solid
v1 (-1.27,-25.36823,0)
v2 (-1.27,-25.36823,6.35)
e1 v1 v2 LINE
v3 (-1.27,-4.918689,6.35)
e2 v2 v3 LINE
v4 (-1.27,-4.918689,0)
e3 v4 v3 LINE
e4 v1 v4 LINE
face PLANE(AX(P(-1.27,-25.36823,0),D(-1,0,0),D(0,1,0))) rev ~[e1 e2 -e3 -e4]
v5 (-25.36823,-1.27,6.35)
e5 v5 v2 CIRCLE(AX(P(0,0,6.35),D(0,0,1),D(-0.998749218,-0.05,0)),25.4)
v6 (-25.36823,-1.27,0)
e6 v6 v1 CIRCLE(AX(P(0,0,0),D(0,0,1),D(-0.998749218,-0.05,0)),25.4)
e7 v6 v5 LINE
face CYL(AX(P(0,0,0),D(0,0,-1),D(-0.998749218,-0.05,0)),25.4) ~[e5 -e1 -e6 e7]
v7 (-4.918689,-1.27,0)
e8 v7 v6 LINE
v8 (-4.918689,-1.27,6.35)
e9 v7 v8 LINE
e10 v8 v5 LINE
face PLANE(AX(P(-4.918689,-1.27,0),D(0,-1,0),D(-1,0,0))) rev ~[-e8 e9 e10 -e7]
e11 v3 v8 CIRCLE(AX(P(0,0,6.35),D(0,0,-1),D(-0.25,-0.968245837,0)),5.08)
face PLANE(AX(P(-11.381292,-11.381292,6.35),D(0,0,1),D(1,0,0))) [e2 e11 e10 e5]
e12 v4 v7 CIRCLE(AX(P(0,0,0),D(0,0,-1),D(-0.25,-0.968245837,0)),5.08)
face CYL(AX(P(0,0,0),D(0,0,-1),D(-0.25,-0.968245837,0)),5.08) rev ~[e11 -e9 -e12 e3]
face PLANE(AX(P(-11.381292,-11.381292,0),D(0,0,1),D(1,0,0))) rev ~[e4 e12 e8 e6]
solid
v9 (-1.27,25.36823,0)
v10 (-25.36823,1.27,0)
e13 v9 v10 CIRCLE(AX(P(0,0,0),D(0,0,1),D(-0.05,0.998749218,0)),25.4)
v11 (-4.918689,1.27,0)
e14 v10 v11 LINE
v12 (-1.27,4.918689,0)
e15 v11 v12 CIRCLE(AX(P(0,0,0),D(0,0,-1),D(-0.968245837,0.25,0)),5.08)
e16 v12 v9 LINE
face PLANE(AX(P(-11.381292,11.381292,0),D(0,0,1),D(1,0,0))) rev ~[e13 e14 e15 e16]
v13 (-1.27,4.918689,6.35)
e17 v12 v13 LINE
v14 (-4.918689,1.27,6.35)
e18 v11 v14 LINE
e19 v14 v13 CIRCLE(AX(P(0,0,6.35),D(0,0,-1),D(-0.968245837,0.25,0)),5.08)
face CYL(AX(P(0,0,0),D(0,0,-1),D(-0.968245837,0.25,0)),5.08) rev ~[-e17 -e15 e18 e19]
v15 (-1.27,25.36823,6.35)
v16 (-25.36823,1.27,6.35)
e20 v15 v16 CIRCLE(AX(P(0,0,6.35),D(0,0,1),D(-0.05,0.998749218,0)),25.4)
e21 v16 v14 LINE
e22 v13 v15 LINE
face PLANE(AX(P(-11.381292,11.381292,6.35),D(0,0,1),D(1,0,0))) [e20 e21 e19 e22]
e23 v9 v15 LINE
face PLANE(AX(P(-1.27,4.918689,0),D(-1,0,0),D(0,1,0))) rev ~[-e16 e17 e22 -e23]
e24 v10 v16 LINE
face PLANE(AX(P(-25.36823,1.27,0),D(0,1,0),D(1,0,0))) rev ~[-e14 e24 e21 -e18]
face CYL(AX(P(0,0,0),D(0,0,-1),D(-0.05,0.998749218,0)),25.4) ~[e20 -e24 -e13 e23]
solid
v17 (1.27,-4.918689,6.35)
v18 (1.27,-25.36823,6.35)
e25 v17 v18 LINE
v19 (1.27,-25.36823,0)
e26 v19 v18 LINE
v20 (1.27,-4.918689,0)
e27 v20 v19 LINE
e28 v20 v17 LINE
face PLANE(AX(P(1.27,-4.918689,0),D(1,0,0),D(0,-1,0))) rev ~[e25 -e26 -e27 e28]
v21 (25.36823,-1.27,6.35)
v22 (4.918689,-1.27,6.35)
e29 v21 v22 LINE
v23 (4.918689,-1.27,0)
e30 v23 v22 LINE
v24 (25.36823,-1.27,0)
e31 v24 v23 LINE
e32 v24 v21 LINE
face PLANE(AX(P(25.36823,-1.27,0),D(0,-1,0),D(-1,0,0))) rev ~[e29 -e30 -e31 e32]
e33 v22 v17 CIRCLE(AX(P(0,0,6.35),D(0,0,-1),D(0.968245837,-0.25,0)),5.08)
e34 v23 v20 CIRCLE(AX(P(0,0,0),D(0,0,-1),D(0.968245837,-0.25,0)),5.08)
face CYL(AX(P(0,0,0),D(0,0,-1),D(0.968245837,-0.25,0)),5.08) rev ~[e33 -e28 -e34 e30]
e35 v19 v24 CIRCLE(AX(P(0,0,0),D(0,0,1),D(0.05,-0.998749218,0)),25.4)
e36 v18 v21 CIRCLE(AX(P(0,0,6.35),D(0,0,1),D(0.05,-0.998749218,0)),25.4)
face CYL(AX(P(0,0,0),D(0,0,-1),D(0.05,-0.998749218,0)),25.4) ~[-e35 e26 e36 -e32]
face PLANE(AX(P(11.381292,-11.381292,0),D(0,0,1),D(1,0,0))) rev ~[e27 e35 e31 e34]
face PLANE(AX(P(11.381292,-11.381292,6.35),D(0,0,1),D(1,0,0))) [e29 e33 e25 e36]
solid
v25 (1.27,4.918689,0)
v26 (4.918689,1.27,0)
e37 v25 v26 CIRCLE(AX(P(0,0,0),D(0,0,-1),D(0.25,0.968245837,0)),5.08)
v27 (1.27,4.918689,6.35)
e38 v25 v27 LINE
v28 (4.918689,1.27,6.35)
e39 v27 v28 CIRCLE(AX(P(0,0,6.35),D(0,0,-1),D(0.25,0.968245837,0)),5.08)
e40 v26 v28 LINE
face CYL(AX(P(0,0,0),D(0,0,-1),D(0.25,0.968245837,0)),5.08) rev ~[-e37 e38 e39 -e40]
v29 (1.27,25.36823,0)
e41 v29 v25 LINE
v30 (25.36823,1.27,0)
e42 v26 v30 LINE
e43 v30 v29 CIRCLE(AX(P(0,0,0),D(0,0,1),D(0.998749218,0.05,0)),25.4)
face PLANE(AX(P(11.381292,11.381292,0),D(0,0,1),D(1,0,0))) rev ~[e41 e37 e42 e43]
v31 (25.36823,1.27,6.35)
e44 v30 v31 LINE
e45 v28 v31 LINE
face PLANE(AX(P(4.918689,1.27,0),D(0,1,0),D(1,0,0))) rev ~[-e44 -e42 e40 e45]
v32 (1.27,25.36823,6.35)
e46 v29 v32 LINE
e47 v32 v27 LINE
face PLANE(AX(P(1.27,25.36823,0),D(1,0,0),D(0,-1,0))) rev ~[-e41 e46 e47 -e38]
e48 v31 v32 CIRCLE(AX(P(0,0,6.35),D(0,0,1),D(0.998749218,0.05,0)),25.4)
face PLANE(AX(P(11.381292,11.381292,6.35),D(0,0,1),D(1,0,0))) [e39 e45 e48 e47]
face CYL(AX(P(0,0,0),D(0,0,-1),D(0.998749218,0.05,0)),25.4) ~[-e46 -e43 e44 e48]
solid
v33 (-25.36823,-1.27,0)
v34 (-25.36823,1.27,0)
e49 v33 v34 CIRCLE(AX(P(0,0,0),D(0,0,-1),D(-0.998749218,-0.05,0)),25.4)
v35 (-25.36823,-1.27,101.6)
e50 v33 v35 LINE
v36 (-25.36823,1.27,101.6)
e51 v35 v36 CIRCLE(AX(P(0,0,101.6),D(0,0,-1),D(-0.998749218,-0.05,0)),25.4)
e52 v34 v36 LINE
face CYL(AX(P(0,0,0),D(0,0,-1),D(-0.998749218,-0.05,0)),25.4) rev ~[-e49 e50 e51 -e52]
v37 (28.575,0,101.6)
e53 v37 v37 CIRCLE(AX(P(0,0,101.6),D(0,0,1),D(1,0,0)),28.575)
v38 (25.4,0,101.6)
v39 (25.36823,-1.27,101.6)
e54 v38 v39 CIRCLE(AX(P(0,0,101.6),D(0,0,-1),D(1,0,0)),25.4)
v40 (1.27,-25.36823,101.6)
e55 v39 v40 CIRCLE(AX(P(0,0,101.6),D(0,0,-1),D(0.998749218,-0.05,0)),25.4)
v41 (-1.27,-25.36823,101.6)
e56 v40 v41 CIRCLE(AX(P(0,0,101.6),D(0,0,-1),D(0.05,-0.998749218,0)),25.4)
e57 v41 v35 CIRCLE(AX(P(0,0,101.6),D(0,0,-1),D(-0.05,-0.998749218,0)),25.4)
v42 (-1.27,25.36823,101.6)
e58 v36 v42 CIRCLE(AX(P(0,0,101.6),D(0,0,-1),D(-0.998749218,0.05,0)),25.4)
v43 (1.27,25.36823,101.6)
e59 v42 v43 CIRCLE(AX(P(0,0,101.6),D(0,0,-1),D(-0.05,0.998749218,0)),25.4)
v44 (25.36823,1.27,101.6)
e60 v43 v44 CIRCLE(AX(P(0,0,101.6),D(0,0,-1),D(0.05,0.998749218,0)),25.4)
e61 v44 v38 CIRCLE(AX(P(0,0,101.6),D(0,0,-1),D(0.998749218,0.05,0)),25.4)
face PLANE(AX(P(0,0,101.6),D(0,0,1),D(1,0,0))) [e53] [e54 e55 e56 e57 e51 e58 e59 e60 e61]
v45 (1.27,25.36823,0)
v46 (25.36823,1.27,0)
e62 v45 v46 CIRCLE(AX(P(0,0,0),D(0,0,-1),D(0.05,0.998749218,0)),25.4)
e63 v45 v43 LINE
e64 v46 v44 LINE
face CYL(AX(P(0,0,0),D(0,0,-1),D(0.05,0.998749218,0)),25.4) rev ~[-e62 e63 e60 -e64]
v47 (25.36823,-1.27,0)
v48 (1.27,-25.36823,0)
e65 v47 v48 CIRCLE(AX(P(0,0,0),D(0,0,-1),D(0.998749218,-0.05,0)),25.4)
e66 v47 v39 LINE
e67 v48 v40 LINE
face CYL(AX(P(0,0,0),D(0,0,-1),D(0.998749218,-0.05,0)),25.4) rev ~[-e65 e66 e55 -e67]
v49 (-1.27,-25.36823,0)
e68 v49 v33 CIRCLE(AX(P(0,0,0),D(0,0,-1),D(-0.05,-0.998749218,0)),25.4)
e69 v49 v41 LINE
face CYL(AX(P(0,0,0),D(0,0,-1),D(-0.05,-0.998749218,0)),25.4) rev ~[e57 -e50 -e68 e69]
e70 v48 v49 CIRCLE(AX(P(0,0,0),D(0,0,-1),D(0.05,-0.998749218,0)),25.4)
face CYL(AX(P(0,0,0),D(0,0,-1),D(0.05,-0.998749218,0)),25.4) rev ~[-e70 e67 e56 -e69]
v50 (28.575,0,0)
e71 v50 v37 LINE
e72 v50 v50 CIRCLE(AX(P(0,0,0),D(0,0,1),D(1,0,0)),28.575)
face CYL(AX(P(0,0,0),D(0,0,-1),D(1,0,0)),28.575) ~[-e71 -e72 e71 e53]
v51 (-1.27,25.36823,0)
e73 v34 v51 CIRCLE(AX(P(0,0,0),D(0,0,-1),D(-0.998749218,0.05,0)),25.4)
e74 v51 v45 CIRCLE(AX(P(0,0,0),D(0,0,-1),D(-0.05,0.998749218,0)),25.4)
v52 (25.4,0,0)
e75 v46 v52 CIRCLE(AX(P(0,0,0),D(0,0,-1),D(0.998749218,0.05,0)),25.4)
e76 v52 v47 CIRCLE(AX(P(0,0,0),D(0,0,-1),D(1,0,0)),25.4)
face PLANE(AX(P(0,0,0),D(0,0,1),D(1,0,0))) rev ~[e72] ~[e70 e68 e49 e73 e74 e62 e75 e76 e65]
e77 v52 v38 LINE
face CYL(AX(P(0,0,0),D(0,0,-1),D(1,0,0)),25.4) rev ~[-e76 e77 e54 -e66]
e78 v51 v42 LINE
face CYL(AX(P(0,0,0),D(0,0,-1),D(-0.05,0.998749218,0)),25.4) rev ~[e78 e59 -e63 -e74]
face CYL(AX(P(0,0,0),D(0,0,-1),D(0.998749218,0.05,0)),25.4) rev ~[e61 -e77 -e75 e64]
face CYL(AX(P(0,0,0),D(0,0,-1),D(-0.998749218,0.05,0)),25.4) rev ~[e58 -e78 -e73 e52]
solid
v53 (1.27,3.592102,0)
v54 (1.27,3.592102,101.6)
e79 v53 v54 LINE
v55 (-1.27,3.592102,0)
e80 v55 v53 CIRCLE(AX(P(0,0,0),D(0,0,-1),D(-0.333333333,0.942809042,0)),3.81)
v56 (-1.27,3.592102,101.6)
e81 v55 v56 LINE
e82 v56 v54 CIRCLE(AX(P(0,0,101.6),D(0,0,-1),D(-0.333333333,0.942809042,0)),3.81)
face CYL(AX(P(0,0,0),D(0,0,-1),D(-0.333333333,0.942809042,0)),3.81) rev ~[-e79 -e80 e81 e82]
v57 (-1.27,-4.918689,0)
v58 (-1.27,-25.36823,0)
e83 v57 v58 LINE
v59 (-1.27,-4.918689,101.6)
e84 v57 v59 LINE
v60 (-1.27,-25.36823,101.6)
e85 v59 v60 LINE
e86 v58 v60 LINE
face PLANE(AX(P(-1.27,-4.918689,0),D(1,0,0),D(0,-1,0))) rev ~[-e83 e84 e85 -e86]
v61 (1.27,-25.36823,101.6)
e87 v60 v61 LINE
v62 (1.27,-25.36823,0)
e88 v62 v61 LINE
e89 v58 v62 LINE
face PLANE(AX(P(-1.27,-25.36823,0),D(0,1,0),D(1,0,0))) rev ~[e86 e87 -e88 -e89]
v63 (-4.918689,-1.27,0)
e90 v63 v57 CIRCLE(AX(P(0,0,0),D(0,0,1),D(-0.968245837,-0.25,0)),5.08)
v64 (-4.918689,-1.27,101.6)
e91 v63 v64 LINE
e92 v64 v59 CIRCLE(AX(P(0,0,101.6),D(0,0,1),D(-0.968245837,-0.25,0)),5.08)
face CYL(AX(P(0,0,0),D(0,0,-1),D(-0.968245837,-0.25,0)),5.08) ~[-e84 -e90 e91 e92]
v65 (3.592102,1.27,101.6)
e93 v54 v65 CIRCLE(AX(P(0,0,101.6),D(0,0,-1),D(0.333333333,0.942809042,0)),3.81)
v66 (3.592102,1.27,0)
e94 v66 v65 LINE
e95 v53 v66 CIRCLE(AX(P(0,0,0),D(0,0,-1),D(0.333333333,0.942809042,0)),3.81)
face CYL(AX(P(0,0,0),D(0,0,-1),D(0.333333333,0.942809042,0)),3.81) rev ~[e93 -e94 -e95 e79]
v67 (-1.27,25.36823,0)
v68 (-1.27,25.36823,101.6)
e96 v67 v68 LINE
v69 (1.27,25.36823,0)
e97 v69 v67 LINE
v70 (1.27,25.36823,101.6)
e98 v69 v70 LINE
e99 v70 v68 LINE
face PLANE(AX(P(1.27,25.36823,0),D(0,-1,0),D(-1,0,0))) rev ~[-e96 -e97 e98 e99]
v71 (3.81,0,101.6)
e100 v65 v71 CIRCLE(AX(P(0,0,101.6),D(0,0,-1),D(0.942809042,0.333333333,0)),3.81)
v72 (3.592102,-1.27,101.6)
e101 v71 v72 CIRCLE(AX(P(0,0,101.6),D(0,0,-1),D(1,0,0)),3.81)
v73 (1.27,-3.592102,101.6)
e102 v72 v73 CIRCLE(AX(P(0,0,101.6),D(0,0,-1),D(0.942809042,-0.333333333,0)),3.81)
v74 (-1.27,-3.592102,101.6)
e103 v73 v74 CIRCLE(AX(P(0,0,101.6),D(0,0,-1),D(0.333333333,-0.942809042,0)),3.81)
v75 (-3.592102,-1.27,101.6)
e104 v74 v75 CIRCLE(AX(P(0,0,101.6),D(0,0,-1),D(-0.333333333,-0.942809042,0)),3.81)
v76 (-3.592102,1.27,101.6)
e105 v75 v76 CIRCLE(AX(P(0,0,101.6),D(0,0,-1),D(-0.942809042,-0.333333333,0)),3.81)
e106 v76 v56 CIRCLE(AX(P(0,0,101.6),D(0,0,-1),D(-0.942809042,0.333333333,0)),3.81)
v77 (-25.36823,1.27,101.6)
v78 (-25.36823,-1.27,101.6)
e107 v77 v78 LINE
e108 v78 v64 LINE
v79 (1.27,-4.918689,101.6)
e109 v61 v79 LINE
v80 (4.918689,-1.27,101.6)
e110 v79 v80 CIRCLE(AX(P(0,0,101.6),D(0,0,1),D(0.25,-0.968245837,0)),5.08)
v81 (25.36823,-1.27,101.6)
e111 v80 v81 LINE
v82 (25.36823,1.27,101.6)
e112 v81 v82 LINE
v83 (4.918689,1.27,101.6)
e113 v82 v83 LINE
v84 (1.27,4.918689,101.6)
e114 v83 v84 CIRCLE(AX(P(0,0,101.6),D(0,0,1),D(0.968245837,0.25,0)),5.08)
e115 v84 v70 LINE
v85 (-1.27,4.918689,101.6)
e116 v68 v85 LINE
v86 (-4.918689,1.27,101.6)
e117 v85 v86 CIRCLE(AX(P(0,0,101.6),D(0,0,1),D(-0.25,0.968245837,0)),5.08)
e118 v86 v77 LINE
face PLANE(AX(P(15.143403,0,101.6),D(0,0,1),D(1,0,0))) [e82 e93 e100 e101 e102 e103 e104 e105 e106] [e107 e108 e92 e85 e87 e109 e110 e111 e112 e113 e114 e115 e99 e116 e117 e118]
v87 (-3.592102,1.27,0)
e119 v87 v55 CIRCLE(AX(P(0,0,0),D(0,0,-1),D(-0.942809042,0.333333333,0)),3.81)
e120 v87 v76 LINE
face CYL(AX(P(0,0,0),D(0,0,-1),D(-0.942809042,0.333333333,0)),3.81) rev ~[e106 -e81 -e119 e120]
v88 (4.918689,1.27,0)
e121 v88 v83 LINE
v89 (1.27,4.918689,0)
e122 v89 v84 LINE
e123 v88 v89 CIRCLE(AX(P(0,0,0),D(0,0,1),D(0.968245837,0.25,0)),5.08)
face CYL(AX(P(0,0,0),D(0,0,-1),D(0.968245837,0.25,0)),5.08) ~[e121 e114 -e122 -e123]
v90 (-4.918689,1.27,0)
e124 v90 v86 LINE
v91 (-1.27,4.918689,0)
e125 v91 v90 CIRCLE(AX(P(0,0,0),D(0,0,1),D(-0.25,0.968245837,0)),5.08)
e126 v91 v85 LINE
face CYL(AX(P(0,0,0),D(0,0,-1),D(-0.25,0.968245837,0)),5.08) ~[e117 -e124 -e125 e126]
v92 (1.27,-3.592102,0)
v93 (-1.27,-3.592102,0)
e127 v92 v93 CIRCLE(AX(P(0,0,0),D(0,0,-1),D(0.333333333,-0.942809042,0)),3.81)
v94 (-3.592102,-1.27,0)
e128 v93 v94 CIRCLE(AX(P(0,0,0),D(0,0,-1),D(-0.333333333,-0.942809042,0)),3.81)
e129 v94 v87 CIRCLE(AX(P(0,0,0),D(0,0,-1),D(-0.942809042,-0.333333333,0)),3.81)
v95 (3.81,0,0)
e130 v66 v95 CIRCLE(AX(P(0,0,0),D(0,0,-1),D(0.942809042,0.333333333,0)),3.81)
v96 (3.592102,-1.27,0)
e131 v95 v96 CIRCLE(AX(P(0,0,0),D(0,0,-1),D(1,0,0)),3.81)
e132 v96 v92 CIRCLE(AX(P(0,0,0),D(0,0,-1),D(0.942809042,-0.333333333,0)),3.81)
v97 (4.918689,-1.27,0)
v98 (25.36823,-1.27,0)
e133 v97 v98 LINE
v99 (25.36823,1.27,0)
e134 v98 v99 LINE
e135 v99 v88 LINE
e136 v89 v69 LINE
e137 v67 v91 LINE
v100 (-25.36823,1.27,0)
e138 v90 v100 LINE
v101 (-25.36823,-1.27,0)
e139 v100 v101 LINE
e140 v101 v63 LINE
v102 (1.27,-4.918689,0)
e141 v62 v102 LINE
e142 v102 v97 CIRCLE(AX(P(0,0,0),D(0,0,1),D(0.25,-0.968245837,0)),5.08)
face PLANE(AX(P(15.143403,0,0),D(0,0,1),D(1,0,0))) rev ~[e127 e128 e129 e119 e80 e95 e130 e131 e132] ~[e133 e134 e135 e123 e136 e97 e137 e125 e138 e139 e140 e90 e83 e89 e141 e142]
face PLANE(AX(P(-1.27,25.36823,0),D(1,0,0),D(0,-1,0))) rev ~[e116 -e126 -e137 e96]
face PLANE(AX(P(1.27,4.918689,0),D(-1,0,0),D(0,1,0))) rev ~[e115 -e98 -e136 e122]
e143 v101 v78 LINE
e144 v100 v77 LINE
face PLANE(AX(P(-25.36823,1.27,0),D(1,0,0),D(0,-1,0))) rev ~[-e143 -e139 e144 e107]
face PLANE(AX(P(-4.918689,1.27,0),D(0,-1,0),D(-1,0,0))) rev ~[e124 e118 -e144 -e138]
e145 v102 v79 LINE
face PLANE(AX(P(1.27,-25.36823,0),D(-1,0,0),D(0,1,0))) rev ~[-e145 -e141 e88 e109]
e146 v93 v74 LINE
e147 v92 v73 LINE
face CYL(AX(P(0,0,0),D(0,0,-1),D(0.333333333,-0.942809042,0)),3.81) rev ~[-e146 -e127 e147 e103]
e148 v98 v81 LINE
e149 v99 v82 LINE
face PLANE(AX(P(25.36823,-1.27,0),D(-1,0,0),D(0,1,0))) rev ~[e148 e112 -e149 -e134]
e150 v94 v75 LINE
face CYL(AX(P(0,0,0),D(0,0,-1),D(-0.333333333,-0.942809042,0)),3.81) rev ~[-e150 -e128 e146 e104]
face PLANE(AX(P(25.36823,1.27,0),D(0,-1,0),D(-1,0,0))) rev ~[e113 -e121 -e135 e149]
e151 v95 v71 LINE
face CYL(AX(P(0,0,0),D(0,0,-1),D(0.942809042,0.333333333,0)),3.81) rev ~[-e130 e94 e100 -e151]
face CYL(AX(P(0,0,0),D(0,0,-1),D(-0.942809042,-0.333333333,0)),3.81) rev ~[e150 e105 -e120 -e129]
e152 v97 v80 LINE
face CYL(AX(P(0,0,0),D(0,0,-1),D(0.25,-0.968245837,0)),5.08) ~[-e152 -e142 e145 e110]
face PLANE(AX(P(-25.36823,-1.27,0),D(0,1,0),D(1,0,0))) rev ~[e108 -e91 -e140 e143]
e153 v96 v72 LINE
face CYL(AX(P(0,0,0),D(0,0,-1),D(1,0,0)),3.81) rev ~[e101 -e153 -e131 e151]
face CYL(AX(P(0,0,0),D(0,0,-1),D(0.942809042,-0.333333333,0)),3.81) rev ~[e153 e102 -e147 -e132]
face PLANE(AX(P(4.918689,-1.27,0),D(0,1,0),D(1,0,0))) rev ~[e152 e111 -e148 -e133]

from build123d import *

# Parameters (mm, degrees)
F0_R     = 28.575
F1_DEPTH = 101.6
F2_DEPTH = 101.6
F3_DEPTH = 6.35


with BuildPart() as f1:
    # F0 (on Top) → F1 (new body)
    with BuildSketch(Plane.XY):
        Circle(F0_R)
        with BuildLine():
            ThreePointArc((25.3682301314, 1.27), (25.3920562907, 0.6351986549), (25.4, 0))
            ThreePointArc((25.4, 0), (25.3920562907, -0.6351986549), (25.3682301314, -1.27))
            ThreePointArc((25.3682301314, -1.27), (17.9605122421, -17.9605122421), (1.27, -25.3682301314))
            ThreePointArc((1.27, -25.3682301314), (0, -25.4), (-1.27, -25.3682301314))
            ThreePointArc((-1.27, -25.3682301314), (-17.9605122421, -17.9605122421), (-25.3682301314, -1.27))
            ThreePointArc((-25.3682301314, -1.27), (-25.4, 0), (-25.3682301314, 1.27))
            ThreePointArc((-25.3682301314, 1.27), (-17.9605122421, 17.9605122421), (-1.27, 25.3682301314))
            ThreePointArc((-1.27, 25.3682301314), (0, 25.4), (1.27, 25.3682301314))
            ThreePointArc((1.27, 25.3682301314), (17.9605122421, 17.9605122421), (25.3682301314, 1.27))
        make_face(mode=Mode.SUBTRACT)
    extrude(amount=F1_DEPTH)


with BuildPart() as f2:
    # F0 (on Top) → F2 (new body)
    with BuildSketch(Plane.XY):
        with BuildLine():
            Line((25.3682301314, -1.27), (25.3682301314, 1.27))
            Line((25.3682301314, 1.27), (4.9186888497, 1.27))
            ThreePointArc((4.9186888497, 1.27), (5.039510857, 0.6401018058), (5.08, 0))
            ThreePointArc((5.08, 0), (5.039510857, -0.6401018058), (4.9186888497, -1.27))
            Line((4.9186888497, -1.27), (25.3682301314, -1.27))
        make_face()
        with BuildLine():
            Line((-1.27, -25.3682301314), (1.27, -25.3682301314))
            Line((1.27, -25.3682301314), (1.27, -4.9186888497))
            ThreePointArc((1.27, -4.9186888497), (0, -5.08), (-1.27, -4.9186888497))
            Line((-1.27, -4.9186888497), (-1.27, -25.3682301314))
        make_face()
        with BuildLine():
            Line((-4.9186888497, 1.27), (-25.3682301314, 1.27))
            Line((-25.3682301314, 1.27), (-25.3682301314, -1.27))
            Line((-25.3682301314, -1.27), (-4.9186888497, -1.27))
            ThreePointArc((-4.9186888497, -1.27), (-5.08, 0), (-4.9186888497, 1.27))
        make_face()
        with BuildLine():
            Line((1.27, 4.9186888497), (1.27, 25.3682301314))
            Line((1.27, 25.3682301314), (-1.27, 25.3682301314))
            Line((-1.27, 25.3682301314), (-1.27, 4.9186888497))
            ThreePointArc((-1.27, 4.9186888497), (0, 5.08), (1.27, 4.9186888497))
        make_face()
        with BuildLine():
            ThreePointArc((1.27, -4.9186888497), (3.5921024484, -3.5921024484), (4.9186888497, -1.27))
            Line((4.9186888497, -1.27), (3.5921024484, -1.27))
            ThreePointArc((3.5921024484, -1.27), (2.6940768363, -2.6940768363), (1.27, -3.5921024484))
            Line((1.27, -3.5921024484), (1.27, -4.9186888497))
        make_face()
        with BuildLine():
            ThreePointArc((5.08, 0), (5.039510857, 0.6401018058), (4.9186888497, 1.27))
            Line((4.9186888497, 1.27), (3.5921024484, 1.27))
            ThreePointArc((3.5921024484, 1.27), (3.7551305123, 0.6442785389), (3.81, 0))
            ThreePointArc((3.81, 0), (3.7551305123, -0.6442785389), (3.5921024484, -1.27))
            Line((3.5921024484, -1.27), (4.9186888497, -1.27))
            ThreePointArc((4.9186888497, -1.27), (5.039510857, -0.6401018058), (5.08, 0))
        make_face()
        with BuildLine():
            Line((3.5921024484, 1.27), (4.9186888497, 1.27))
            ThreePointArc((4.9186888497, 1.27), (3.5921024484, 3.5921024484), (1.27, 4.9186888497))
            Line((1.27, 4.9186888497), (1.27, 3.5921024484))
            ThreePointArc((1.27, 3.5921024484), (2.6940768363, 2.6940768363), (3.5921024484, 1.27))
        make_face()
        with BuildLine():
            Line((1.27, 3.5921024484), (1.27, 4.9186888497))
            ThreePointArc((1.27, 4.9186888497), (0, 5.08), (-1.27, 4.9186888497))
            Line((-1.27, 4.9186888497), (-1.27, 3.5921024484))
            ThreePointArc((-1.27, 3.5921024484), (0, 3.81), (1.27, 3.5921024484))
        make_face()
        with BuildLine():
            Line((-1.27, 3.5921024484), (-1.27, 4.9186888497))
            ThreePointArc((-1.27, 4.9186888497), (-3.5921024484, 3.5921024484), (-4.9186888497, 1.27))
            Line((-4.9186888497, 1.27), (-3.5921024484, 1.27))
            ThreePointArc((-3.5921024484, 1.27), (-2.6940768363, 2.6940768363), (-1.27, 3.5921024484))
        make_face()
        with BuildLine():
            Line((-3.5921024484, 1.27), (-4.9186888497, 1.27))
            ThreePointArc((-4.9186888497, 1.27), (-5.08, 0), (-4.9186888497, -1.27))
            Line((-4.9186888497, -1.27), (-3.5921024484, -1.27))
            ThreePointArc((-3.5921024484, -1.27), (-3.81, 0), (-3.5921024484, 1.27))
        make_face()
        with BuildLine():
            ThreePointArc((-4.9186888497, -1.27), (-3.5921024484, -3.5921024484), (-1.27, -4.9186888497))
            Line((-1.27, -4.9186888497), (-1.27, -3.5921024484))
            ThreePointArc((-1.27, -3.5921024484), (-2.6940768363, -2.6940768363), (-3.5921024484, -1.27))
            Line((-3.5921024484, -1.27), (-4.9186888497, -1.27))
        make_face()
        with BuildLine():
            ThreePointArc((-1.27, -4.9186888497), (0, -5.08), (1.27, -4.9186888497))
            Line((1.27, -4.9186888497), (1.27, -3.5921024484))
            ThreePointArc((1.27, -3.5921024484), (0, -3.81), (-1.27, -3.5921024484))
            Line((-1.27, -3.5921024484), (-1.27, -4.9186888497))
        make_face()
    extrude(amount=F2_DEPTH)


with BuildPart() as f3:
    # F0 (on Top) → F3 (new body)
    with BuildSketch(Plane.XY):
        with BuildLine():
            Line((4.9186888497, 1.27), (25.3682301314, 1.27))
            ThreePointArc((25.3682301314, 1.27), (17.9605122421, 17.9605122421), (1.27, 25.3682301314))
            Line((1.27, 25.3682301314), (1.27, 4.9186888497))
            ThreePointArc((1.27, 4.9186888497), (3.5921024484, 3.5921024484), (4.9186888497, 1.27))
        make_face()
    extrude(amount=F3_DEPTH)


with BuildPart() as f3b:
    # F0 (on Top) → F3, piece 2 (new body)
    with BuildSketch(Plane.XY):
        with BuildLine():
            Line((-1.27, 4.9186888497), (-1.27, 25.3682301314))
            ThreePointArc((-1.27, 25.3682301314), (-17.9605122421, 17.9605122421), (-25.3682301314, 1.27))
            Line((-25.3682301314, 1.27), (-4.9186888497, 1.27))
            ThreePointArc((-4.9186888497, 1.27), (-3.5921024484, 3.5921024484), (-1.27, 4.9186888497))
        make_face()
    extrude(amount=F3_DEPTH)


with BuildPart() as f3c:
    # F0 (on Top) → F3, piece 3 (new body)
    with BuildSketch(Plane.XY):
        with BuildLine():
            ThreePointArc((-25.3682301314, -1.27), (-17.9605122421, -17.9605122421), (-1.27, -25.3682301314))
            Line((-1.27, -25.3682301314), (-1.27, -4.9186888497))
            ThreePointArc((-1.27, -4.9186888497), (-3.5921024484, -3.5921024484), (-4.9186888497, -1.27))
            Line((-4.9186888497, -1.27), (-25.3682301314, -1.27))
        make_face()
    extrude(amount=F3_DEPTH)


with BuildPart() as f3d:
    # F0 (on Top) → F3, piece 4 (new body)
    with BuildSketch(Plane.XY):
        with BuildLine():
            ThreePointArc((1.27, -25.3682301314), (17.9605122421, -17.9605122421), (25.3682301314, -1.27))
            Line((25.3682301314, -1.27), (4.9186888497, -1.27))
            ThreePointArc((4.9186888497, -1.27), (3.5921024484, -3.5921024484), (1.27, -4.9186888497))
            Line((1.27, -4.9186888497), (1.27, -25.3682301314))
        make_face()
    extrude(amount=F3_DEPTH)


solid = Compound([f1.part, f2.part, f3.part, f3b.part, f3c.part, f3d.part])
